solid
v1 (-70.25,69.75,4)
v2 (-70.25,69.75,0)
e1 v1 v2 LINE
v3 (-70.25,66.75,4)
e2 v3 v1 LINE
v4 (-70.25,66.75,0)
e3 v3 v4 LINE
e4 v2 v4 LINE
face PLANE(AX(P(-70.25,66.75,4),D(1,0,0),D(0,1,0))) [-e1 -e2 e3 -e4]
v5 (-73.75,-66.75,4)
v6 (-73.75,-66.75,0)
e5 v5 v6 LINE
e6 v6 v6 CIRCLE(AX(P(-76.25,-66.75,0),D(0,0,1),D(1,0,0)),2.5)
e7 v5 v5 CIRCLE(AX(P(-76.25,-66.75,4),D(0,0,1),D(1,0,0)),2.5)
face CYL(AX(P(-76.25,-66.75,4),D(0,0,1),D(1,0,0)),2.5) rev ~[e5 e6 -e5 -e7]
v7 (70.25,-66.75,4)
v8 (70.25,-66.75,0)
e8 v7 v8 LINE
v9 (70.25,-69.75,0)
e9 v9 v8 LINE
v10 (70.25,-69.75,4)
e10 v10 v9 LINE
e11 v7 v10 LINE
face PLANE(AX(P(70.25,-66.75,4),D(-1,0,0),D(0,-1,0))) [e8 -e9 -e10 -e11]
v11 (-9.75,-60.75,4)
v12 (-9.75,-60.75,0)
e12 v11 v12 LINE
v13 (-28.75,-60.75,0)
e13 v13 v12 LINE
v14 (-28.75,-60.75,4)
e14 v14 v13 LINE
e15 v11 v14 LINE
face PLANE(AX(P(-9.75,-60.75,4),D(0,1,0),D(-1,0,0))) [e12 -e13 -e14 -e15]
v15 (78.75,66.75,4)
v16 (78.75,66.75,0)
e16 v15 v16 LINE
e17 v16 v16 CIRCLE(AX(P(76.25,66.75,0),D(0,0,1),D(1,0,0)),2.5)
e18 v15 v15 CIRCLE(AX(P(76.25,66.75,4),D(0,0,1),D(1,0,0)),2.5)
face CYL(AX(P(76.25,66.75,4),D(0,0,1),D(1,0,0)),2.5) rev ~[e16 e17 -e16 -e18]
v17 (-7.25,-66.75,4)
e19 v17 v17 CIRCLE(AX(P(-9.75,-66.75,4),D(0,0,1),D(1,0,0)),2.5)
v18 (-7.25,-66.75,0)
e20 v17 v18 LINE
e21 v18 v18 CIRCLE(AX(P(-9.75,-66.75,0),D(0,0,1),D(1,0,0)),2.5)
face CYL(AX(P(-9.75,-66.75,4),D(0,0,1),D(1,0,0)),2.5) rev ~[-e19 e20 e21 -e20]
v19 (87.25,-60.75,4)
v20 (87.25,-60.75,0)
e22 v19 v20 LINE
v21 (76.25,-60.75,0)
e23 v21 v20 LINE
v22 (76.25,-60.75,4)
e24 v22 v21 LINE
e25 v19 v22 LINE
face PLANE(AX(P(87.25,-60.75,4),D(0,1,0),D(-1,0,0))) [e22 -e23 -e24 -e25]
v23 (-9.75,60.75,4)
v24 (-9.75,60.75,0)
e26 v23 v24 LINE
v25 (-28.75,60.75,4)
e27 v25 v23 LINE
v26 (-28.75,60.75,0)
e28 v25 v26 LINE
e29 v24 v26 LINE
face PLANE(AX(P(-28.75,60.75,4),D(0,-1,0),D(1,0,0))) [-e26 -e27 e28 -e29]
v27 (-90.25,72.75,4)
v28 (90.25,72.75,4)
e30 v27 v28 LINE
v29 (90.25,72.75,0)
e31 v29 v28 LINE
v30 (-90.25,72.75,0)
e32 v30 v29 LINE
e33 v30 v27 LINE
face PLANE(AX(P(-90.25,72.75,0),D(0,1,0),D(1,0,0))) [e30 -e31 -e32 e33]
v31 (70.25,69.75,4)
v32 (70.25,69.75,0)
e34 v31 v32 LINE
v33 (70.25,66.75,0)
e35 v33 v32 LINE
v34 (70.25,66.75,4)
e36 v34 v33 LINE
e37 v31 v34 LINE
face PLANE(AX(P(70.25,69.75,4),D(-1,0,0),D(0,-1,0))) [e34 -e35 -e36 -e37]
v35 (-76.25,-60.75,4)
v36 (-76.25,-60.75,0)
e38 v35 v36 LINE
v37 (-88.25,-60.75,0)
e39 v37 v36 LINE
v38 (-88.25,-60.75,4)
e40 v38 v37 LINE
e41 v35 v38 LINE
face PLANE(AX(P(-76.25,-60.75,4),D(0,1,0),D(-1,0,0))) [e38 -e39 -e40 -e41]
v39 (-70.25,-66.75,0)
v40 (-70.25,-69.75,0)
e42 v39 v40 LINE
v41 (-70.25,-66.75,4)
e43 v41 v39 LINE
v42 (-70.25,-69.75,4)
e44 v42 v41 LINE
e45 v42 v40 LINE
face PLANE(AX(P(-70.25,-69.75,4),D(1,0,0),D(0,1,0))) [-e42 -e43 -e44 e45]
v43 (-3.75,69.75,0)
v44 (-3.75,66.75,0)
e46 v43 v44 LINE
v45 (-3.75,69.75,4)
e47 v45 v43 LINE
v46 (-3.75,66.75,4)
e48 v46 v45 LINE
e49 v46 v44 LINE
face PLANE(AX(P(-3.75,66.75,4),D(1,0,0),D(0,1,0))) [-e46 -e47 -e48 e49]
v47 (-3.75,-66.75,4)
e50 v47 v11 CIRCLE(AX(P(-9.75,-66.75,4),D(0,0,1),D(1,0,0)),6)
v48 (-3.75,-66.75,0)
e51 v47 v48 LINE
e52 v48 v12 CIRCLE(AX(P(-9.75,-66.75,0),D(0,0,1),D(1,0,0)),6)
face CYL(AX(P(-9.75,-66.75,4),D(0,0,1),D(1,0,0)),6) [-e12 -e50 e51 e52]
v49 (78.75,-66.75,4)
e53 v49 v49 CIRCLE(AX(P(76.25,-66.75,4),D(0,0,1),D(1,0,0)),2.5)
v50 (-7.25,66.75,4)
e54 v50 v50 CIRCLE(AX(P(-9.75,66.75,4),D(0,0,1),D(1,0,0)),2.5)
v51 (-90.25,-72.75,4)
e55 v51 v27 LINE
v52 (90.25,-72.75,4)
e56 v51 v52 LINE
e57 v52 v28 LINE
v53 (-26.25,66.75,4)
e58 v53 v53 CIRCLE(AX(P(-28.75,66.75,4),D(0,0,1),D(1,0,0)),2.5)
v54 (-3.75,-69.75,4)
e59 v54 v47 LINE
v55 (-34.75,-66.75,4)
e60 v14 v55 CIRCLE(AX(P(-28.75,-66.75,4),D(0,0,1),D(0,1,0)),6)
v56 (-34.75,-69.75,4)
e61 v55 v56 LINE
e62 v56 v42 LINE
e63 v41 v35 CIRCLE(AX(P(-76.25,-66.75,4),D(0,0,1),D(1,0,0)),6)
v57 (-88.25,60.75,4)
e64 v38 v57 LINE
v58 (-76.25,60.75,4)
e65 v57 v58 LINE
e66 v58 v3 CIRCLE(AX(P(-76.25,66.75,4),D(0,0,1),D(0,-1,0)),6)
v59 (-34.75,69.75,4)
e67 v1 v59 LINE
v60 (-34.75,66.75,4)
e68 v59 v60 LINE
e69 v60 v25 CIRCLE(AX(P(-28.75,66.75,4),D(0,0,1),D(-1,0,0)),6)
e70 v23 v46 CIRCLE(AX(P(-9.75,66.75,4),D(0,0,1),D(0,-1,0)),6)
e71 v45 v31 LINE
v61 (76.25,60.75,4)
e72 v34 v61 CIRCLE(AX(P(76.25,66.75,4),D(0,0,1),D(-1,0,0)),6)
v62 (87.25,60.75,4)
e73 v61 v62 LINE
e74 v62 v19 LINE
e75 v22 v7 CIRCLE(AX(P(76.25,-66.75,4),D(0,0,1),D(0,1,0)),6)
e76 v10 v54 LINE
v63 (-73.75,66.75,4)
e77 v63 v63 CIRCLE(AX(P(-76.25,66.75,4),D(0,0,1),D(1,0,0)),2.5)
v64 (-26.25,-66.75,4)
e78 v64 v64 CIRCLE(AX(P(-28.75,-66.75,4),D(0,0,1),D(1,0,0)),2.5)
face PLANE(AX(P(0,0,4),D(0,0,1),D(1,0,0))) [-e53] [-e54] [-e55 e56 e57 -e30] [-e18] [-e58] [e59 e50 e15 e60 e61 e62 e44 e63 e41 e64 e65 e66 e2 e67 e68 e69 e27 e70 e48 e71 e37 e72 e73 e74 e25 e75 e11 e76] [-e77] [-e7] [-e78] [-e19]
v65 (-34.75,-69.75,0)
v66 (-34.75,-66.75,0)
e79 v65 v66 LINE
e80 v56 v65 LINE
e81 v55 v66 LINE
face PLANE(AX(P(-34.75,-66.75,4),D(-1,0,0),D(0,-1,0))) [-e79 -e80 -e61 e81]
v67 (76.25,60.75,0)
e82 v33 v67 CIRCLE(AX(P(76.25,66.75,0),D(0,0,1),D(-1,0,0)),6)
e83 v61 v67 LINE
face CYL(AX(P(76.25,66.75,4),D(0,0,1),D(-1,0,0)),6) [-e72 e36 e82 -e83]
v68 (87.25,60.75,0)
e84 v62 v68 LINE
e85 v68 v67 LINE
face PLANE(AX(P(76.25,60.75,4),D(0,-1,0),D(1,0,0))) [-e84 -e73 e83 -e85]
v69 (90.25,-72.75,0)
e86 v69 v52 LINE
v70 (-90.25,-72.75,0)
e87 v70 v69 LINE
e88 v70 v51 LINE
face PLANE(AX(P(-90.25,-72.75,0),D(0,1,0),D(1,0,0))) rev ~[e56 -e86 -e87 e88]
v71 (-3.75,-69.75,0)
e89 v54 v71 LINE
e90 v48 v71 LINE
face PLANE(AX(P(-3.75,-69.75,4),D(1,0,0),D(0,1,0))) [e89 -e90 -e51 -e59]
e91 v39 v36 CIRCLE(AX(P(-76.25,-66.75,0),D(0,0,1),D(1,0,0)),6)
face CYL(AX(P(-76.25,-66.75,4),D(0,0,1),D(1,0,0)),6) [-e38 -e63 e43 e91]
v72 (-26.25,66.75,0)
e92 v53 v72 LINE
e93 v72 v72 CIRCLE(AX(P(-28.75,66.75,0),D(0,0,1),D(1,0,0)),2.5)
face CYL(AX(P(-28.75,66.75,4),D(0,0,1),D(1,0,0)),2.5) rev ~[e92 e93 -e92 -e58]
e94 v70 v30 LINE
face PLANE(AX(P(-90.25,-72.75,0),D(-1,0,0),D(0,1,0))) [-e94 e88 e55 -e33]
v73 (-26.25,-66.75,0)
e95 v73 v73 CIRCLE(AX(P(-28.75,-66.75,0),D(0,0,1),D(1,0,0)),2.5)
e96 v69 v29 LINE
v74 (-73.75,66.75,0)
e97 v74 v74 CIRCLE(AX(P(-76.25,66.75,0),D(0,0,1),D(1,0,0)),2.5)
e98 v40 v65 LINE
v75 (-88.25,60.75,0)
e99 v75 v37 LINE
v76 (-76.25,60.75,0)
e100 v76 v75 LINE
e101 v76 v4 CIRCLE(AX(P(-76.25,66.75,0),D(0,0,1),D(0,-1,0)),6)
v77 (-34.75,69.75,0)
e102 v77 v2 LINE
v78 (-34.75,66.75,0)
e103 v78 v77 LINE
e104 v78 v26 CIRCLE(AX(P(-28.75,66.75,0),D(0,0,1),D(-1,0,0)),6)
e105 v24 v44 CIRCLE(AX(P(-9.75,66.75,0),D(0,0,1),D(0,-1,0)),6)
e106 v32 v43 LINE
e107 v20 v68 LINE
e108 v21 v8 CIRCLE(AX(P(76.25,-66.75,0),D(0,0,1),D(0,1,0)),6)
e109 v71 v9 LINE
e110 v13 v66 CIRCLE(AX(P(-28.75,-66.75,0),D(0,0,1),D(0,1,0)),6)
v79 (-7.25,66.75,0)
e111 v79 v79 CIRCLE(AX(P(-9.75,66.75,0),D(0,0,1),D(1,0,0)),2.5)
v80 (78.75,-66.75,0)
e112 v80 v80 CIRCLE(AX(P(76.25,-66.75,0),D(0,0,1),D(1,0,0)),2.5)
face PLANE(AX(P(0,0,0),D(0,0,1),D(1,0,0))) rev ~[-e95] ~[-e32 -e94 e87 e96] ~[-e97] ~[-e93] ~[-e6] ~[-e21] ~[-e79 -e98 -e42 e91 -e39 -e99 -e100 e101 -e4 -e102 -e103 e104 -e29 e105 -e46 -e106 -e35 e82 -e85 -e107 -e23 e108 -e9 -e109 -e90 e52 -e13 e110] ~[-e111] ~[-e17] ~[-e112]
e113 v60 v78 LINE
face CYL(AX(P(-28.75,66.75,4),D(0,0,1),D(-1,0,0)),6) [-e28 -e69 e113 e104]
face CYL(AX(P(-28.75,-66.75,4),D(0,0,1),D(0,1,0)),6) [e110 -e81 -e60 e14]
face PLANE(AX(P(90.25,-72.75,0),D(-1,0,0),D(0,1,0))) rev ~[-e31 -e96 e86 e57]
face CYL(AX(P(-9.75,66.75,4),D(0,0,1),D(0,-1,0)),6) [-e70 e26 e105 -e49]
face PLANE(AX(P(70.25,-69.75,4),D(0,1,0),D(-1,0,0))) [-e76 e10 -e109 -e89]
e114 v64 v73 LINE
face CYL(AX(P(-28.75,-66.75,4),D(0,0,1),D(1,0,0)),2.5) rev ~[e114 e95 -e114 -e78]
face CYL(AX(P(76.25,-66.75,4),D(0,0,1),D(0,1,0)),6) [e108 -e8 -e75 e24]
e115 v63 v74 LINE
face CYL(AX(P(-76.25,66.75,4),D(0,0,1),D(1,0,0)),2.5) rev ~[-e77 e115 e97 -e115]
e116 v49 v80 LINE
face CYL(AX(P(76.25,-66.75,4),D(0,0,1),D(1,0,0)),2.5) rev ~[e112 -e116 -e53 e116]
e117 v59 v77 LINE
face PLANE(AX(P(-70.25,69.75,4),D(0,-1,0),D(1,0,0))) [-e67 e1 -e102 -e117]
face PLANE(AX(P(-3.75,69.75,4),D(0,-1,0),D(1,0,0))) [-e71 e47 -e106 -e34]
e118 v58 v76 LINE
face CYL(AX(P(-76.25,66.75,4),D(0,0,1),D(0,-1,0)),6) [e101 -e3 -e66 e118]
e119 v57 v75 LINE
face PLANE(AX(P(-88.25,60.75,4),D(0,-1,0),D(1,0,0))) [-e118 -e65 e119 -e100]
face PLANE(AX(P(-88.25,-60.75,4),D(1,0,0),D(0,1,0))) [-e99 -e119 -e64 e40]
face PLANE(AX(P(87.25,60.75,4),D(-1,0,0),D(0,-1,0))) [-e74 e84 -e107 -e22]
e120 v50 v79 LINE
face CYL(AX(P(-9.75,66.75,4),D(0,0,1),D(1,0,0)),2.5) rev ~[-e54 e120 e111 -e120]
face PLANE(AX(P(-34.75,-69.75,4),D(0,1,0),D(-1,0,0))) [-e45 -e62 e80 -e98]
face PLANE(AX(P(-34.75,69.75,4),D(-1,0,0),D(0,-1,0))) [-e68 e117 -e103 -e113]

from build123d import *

# Parameters (mm, degrees)
SKETCH2_W           = 180.5
SKETCH2_H           = 145.5
BOSS_EXTRUDE1_DEPTH = 4
CUT_EXTRUDE2_REACH  = 6
SKETCH5_R           = 2.5


with BuildPart() as part:
    # Sketch2 → Boss-Extrude1 (new body)
    with BuildSketch(Plane.XY):
        Rectangle(SKETCH2_W, SKETCH2_H)
    extrude(amount=BOSS_EXTRUDE1_DEPTH)

    # Sketch5 → Cut-Extrude2 (cut, up to next)
    with BuildSketch(Plane.XY.offset(4), mode=Mode.PRIVATE) as cut_extrude2_sk1:
        with Locations((-76.25, 66.75)):
            Circle(SKETCH5_R)
    cut_extrude2_tool1 = extrude(cut_extrude2_sk1.sketch, amount=-CUT_EXTRUDE2_REACH, mode=Mode.PRIVATE) & part.part
    add(cut_extrude2_tool1.solids().sort_by_distance((-76.25, 66.75, 4))[0], mode=Mode.SUBTRACT)
    # Sketch5 → Cut-Extrude2 (cut, up to next)
    with BuildSketch(Plane.XY.offset(4), mode=Mode.PRIVATE) as cut_extrude2_sk2:
        with Locations((-28.75, 66.75)):
            Circle(SKETCH5_R)
    cut_extrude2_tool2 = extrude(cut_extrude2_sk2.sketch, amount=-CUT_EXTRUDE2_REACH, mode=Mode.PRIVATE) & part.part
    add(cut_extrude2_tool2.solids().sort_by_distance((-28.75, 66.75, 4))[0], mode=Mode.SUBTRACT)
    # Sketch5 → Cut-Extrude2 (cut, up to next)
    with BuildSketch(Plane.XY.offset(4), mode=Mode.PRIVATE) as cut_extrude2_sk3:
        with Locations((-9.75, 66.75)):
            Circle(SKETCH5_R)
    cut_extrude2_tool3 = extrude(cut_extrude2_sk3.sketch, amount=-CUT_EXTRUDE2_REACH, mode=Mode.PRIVATE) & part.part
    add(cut_extrude2_tool3.solids().sort_by_distance((-9.75, 66.75, 4))[0], mode=Mode.SUBTRACT)
    # Sketch5 → Cut-Extrude2 (cut, up to next)
    with BuildSketch(Plane.XY.offset(4), mode=Mode.PRIVATE) as cut_extrude2_sk4:
        with Locations((76.25, 66.75)):
            Circle(SKETCH5_R)
    cut_extrude2_tool4 = extrude(cut_extrude2_sk4.sketch, amount=-CUT_EXTRUDE2_REACH, mode=Mode.PRIVATE) & part.part
    add(cut_extrude2_tool4.solids().sort_by_distance((76.25, 66.75, 4))[0], mode=Mode.SUBTRACT)
    # Sketch5 → Cut-Extrude2 (cut, up to next)
    with BuildSketch(Plane.XY.offset(4), mode=Mode.PRIVATE) as cut_extrude2_sk5:
        with Locations((76.25, -66.75)):
            Circle(SKETCH5_R)
    cut_extrude2_tool5 = extrude(cut_extrude2_sk5.sketch, amount=-CUT_EXTRUDE2_REACH, mode=Mode.PRIVATE) & part.part
    add(cut_extrude2_tool5.solids().sort_by_distance((76.25, -66.75, 4))[0], mode=Mode.SUBTRACT)
    # Sketch5 → Cut-Extrude2 (cut, up to next)
    with BuildSketch(Plane.XY.offset(4), mode=Mode.PRIVATE) as cut_extrude2_sk6:
        with Locations((-9.75, -66.75)):
            Circle(SKETCH5_R)
    cut_extrude2_tool6 = extrude(cut_extrude2_sk6.sketch, amount=-CUT_EXTRUDE2_REACH, mode=Mode.PRIVATE) & part.part
    add(cut_extrude2_tool6.solids().sort_by_distance((-9.75, -66.75, 4))[0], mode=Mode.SUBTRACT)
    # Sketch5 → Cut-Extrude2 (cut, up to next)
    with BuildSketch(Plane.XY.offset(4), mode=Mode.PRIVATE) as cut_extrude2_sk7:
        with Locations((-28.75, -66.75)):
            Circle(SKETCH5_R)
    cut_extrude2_tool7 = extrude(cut_extrude2_sk7.sketch, amount=-CUT_EXTRUDE2_REACH, mode=Mode.PRIVATE) & part.part
    add(cut_extrude2_tool7.solids().sort_by_distance((-28.75, -66.75, 4))[0], mode=Mode.SUBTRACT)
    # Sketch5 → Cut-Extrude2 (cut, up to next)
    with BuildSketch(Plane.XY.offset(4), mode=Mode.PRIVATE) as cut_extrude2_sk8:
        with Locations((-76.25, -66.75)):
            Circle(SKETCH5_R)
    cut_extrude2_tool8 = extrude(cut_extrude2_sk8.sketch, amount=-CUT_EXTRUDE2_REACH, mode=Mode.PRIVATE) & part.part
    add(cut_extrude2_tool8.solids().sort_by_distance((-76.25, -66.75, 4))[0], mode=Mode.SUBTRACT)
    # Sketch5 → Cut-Extrude2 (cut, up to next)
    with BuildSketch(Plane.XY.offset(4), mode=Mode.PRIVATE) as cut_extrude2_sk9:
        with BuildLine():
            Line((-70.25, 69.75), (-34.75, 69.75))
            Line((-34.75, 69.75), (-34.75, 66.75))
            ThreePointArc((-34.75, 66.75), (-32.992640687, 62.507359313), (-28.75, 60.75))
            Line((-28.75, 60.75), (-9.75, 60.75))
            ThreePointArc((-9.75, 60.75), (-5.507359313, 62.507359313), (-3.75, 66.75))
            Line((-3.75, 66.75), (-3.75, 69.75))
            Line((-3.75, 69.75), (70.25, 69.75))
            Line((70.25, 69.75), (70.25, 66.75))
            ThreePointArc((70.25, 66.75), (72.007359313, 62.507359313), (76.25, 60.75))
            Line((76.25, 60.75), (87.25, 60.75))
            Line((87.25, 60.75), (87.25, -60.75))
            Line((87.25, -60.75), (76.25, -60.75))
            ThreePointArc((76.25, -60.75), (72.007359313, -62.507359313), (70.25, -66.75))
            Line((70.25, -66.75), (70.25, -69.75))
            Line((70.25, -69.75), (-3.75, -69.75))
            Line((-3.75, -69.75), (-3.75, -66.75))
            ThreePointArc((-3.75, -66.75), (-5.507359313, -62.507359313), (-9.75, -60.75))
            Line((-9.75, -60.75), (-28.75, -60.75))
            ThreePointArc((-28.75, -60.75), (-32.992640687, -62.507359313), (-34.75, -66.75))
            Line((-34.75, -66.75), (-34.75, -69.75))
            Line((-34.75, -69.75), (-70.25, -69.75))
            Line((-70.25, -69.75), (-70.25, -66.75))
            ThreePointArc((-70.25, -66.75), (-72.007359313, -62.507359313), (-76.25, -60.75))
            Line((-76.25, -60.75), (-88.25, -60.75))
            Line((-88.25, -60.75), (-88.25, 60.75))
            Line((-88.25, 60.75), (-76.25, 60.75))
            ThreePointArc((-76.25, 60.75), (-72.007359313, 62.507359313), (-70.25, 66.75))
            Line((-70.25, 66.75), (-70.25, 69.75))
        make_face()
    cut_extrude2_tool9 = extrude(cut_extrude2_sk9.sketch, amount=-CUT_EXTRUDE2_REACH, mode=Mode.PRIVATE) & part.part
    add(cut_extrude2_tool9.solids().sort_by_distance((-0.02205, 0, 4))[0], mode=Mode.SUBTRACT)


solid = part.part
